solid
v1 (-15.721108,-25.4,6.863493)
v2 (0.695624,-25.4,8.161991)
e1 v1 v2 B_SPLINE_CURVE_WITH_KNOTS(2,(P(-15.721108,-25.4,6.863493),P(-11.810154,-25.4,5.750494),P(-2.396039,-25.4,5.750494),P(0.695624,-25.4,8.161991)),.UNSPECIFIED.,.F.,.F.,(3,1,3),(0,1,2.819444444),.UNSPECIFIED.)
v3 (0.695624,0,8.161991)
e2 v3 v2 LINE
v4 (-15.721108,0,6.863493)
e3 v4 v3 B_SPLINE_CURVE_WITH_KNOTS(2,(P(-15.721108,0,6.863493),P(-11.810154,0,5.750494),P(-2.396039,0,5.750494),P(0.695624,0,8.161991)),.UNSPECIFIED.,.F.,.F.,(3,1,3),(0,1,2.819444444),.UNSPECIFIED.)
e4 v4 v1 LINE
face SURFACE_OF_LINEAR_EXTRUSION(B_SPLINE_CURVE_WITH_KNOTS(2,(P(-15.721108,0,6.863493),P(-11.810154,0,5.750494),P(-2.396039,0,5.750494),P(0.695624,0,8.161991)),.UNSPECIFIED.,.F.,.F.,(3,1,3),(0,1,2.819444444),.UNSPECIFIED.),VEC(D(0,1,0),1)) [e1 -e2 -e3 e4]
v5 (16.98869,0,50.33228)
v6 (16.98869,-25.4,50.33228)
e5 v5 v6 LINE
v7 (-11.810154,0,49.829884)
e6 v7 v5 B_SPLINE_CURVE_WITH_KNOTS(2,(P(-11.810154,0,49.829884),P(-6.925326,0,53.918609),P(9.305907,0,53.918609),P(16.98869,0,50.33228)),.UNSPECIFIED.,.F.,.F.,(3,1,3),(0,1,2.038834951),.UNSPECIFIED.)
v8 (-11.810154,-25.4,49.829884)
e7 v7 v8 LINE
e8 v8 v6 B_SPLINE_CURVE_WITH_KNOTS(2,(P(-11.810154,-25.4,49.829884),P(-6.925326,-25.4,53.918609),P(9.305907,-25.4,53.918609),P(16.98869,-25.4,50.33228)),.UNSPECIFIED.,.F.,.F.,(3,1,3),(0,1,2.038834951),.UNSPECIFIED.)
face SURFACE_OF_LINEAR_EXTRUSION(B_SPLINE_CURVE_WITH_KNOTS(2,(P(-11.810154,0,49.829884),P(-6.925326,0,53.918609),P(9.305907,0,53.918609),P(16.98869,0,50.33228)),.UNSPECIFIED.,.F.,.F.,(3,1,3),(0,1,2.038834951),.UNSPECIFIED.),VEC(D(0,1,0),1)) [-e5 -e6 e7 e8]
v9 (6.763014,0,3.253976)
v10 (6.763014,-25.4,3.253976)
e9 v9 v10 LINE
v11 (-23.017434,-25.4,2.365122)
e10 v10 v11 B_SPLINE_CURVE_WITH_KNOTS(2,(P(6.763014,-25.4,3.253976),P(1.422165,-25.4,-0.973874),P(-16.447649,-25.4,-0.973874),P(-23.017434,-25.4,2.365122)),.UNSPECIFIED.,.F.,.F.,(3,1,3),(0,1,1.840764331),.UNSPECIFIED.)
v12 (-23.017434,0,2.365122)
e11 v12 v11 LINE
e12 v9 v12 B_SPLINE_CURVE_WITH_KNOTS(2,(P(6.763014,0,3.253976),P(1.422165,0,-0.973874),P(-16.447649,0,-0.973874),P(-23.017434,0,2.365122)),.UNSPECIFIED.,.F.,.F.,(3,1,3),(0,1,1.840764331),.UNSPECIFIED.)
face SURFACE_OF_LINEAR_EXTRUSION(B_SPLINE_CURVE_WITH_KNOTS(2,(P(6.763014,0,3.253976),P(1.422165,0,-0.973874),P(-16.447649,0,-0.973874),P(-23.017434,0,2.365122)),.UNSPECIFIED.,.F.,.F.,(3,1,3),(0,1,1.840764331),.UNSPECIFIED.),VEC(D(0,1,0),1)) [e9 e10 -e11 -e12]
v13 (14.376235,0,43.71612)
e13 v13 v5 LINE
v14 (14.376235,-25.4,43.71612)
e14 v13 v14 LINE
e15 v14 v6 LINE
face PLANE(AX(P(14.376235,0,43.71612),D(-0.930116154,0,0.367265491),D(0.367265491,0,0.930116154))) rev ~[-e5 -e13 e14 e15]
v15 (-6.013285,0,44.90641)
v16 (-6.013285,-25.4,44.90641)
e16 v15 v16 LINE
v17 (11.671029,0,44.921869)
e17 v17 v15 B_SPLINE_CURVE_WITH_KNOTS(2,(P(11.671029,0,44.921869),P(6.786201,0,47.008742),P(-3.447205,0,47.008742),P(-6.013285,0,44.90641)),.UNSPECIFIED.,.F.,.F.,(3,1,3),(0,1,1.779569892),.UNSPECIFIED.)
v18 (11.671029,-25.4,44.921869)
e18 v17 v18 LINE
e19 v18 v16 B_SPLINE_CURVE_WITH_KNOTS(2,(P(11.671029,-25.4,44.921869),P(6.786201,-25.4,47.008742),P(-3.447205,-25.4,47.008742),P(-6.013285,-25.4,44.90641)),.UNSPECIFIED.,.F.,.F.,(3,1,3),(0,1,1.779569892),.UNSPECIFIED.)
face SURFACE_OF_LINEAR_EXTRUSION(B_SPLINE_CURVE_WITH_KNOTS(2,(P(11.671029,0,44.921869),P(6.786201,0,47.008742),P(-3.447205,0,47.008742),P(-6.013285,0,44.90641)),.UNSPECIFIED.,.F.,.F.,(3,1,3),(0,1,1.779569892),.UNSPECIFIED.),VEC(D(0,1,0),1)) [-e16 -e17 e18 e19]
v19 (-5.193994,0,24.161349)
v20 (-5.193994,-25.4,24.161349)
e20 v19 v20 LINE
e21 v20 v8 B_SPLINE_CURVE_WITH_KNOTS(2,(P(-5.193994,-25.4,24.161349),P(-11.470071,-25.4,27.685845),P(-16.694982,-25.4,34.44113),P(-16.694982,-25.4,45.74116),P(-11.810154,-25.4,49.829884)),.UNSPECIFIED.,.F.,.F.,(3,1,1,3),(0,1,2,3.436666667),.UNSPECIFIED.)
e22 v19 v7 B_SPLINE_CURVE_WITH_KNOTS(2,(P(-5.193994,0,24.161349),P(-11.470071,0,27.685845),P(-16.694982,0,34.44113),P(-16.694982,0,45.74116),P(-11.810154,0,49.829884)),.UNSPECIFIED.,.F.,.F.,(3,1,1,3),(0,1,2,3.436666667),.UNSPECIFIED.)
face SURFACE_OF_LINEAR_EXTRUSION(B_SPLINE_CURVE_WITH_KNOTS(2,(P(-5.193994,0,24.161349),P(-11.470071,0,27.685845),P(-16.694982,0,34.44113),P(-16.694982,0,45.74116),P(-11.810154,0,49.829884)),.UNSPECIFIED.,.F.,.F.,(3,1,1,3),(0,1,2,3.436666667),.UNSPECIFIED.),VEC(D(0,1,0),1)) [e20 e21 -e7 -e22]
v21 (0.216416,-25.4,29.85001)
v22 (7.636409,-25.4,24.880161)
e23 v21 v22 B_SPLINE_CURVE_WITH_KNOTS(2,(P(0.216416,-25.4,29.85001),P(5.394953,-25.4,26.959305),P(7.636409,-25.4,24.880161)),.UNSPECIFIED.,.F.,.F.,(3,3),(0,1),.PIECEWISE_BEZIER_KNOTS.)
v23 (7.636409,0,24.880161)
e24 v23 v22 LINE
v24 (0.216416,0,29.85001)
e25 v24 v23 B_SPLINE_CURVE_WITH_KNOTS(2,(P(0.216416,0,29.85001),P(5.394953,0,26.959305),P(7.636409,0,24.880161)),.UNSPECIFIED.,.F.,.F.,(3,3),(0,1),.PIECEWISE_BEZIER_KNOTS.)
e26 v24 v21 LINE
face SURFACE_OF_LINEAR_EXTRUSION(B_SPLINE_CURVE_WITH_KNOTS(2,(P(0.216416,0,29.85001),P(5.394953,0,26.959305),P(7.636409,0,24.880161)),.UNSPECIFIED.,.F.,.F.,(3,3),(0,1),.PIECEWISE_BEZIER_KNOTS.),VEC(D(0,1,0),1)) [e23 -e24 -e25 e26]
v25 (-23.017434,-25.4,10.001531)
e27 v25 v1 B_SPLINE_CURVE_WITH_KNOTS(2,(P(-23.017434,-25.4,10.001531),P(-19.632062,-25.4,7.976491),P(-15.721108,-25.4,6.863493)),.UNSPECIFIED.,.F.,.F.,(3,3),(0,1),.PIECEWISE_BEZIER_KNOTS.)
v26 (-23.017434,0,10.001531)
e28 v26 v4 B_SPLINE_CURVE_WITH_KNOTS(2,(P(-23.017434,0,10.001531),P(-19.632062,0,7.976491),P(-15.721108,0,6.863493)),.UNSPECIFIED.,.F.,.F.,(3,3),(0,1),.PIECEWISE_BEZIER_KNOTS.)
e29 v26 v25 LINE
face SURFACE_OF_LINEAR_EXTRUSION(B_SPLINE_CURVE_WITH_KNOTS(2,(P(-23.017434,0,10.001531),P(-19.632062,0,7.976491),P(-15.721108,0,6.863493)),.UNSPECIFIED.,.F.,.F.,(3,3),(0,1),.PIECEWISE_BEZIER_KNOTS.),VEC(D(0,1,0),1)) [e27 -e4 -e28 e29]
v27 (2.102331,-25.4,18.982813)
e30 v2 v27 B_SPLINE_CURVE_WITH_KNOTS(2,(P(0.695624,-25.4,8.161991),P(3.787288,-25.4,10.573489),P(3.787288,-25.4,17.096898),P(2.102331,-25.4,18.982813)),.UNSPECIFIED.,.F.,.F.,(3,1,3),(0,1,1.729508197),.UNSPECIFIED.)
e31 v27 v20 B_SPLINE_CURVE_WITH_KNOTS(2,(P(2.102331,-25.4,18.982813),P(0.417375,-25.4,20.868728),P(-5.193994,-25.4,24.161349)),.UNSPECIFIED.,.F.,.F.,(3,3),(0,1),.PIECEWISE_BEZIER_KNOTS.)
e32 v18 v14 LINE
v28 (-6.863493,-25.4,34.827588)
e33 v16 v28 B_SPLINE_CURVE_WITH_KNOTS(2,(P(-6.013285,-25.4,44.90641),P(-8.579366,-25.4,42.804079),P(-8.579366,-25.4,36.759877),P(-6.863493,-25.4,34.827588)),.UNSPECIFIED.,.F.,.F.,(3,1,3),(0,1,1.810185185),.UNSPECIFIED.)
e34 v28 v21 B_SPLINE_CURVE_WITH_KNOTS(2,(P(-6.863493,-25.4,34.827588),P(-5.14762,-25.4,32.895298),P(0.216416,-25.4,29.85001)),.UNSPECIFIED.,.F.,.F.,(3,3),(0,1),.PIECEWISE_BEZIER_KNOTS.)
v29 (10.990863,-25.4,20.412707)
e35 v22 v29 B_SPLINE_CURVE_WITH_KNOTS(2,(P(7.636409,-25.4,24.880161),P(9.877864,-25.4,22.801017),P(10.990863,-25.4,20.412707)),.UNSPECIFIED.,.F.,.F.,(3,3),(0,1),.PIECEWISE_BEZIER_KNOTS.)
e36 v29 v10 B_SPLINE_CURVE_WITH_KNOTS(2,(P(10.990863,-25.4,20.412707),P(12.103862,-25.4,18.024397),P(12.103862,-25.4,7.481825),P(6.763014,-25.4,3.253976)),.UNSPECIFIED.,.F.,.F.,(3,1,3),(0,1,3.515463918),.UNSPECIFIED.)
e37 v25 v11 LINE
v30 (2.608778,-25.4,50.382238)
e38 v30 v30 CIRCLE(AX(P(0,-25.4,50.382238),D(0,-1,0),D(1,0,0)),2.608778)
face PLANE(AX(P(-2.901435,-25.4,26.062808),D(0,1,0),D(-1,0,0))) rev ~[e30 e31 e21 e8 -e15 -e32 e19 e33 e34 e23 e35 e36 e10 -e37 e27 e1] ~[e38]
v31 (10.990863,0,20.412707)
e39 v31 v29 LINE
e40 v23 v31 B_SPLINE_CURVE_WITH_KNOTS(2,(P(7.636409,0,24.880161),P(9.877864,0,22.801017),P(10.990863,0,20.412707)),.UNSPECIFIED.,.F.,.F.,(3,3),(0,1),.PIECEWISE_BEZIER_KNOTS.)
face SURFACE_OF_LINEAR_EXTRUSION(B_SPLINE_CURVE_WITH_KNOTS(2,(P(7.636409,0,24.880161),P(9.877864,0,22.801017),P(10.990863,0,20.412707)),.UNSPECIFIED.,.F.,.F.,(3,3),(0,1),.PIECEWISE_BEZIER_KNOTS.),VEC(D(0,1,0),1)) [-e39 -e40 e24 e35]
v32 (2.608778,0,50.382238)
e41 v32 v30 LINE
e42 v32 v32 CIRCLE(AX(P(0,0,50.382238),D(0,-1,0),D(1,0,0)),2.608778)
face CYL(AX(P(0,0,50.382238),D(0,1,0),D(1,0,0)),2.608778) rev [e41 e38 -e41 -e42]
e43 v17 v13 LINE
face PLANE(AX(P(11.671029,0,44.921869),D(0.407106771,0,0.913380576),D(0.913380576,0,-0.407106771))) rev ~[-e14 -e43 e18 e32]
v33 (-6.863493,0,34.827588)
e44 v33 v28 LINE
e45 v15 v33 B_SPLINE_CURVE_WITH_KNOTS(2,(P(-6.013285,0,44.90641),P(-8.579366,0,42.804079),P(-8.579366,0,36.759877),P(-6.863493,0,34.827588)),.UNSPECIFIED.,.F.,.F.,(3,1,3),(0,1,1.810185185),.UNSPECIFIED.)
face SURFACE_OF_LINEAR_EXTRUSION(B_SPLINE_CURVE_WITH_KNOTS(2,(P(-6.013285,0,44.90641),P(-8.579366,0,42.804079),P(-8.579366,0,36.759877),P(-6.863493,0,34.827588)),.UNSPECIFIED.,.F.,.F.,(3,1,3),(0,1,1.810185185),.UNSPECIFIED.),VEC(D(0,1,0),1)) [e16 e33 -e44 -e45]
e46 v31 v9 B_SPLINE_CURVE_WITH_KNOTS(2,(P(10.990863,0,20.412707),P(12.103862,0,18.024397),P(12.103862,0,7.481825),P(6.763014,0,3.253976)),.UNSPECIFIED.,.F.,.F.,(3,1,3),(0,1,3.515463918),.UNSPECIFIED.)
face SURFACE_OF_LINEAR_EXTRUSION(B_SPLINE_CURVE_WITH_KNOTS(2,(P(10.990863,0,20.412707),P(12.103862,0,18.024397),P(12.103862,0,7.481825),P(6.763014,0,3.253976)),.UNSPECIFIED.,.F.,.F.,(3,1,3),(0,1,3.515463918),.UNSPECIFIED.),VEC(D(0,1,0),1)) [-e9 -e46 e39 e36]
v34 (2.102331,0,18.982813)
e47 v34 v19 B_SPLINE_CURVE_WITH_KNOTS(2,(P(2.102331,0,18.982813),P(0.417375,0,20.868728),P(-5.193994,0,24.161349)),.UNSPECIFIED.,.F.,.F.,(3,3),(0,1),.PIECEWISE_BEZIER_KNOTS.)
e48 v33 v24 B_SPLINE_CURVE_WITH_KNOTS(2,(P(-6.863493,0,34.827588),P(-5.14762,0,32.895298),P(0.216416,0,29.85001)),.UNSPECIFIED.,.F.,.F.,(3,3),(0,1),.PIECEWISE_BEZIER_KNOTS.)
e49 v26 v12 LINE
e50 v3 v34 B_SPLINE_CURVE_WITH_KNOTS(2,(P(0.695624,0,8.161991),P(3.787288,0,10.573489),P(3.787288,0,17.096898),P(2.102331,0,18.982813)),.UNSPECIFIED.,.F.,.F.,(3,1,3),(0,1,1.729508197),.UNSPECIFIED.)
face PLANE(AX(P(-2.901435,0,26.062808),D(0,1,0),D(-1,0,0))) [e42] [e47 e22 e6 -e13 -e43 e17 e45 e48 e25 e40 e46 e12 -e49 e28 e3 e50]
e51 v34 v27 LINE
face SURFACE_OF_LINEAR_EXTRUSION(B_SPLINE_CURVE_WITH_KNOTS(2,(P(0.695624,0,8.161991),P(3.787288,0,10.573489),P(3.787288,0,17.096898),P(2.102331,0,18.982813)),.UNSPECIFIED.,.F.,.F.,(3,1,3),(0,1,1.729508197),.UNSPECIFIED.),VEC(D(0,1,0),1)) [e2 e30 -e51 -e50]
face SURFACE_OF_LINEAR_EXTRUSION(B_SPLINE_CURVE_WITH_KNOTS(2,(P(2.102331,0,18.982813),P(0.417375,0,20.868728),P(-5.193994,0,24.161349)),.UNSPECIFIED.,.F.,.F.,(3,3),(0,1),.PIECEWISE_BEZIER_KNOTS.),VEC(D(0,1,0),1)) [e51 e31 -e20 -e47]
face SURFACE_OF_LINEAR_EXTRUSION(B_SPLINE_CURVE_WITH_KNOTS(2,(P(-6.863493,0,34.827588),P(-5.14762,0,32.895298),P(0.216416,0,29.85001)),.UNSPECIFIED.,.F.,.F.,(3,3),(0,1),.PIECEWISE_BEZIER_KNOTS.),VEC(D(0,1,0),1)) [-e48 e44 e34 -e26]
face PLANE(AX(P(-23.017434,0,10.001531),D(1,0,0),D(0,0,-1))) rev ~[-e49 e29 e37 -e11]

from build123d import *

# Parameters (mm, degrees)
F0_R     = 2.6087780621
F1_DEPTH = 25.4


with BuildPart() as f1:
    # F0 (on Front) → F1 (new body)
    with BuildSketch(Plane.XZ):
        with BuildLine():
            add(Edge.make_bspline(
                [(12.1038620855, 15.0254839682), (12.1038620855, 7.4818253504), (6.7630136174, 3.2539756948)],
                knots=[0, 0, 0, 1, 1, 1], degree=2))
            add(Edge.make_bspline(
                [(10.990863273, 20.4127073868), (12.1038620855, 18.0243974351), (12.1038620855, 15.0254839682)],
                knots=[0, 0, 0, 1, 1, 1], degree=2))
            add(Edge.make_bspline(
                [(7.6364085188, 24.8801609535), (9.8778644606, 22.8010173386), (10.990863273, 20.4127073868)],
                knots=[0, 0, 0, 1, 1, 1], degree=2))
            add(Edge.make_bspline(
                [(0.2164164358, 29.8500098175), (5.3949525771, 26.9593045685), (7.6364085188, 24.8801609535)],
                knots=[0, 0, 0, 1, 1, 1], degree=2))
            add(Edge.make_bspline(
                [(-6.8634926768, 34.8275878399), (-5.1476195076, 32.8952982349), (0.2164164358, 29.8500098175)],
                knots=[0, 0, 0, 1, 1, 1], degree=2))
            add(Edge.make_bspline(
                [(-8.579365846, 39.4650828918), (-8.579365846, 36.7598774448), (-6.8634926768, 34.8275878399)],
                knots=[0, 0, 0, 1, 1, 1], degree=2))
            add(Edge.make_bspline(
                [(-6.0132852506, 44.9064104194), (-8.579365846, 42.8040793292), (-8.579365846, 39.4650828918)],
                knots=[0, 0, 0, 1, 1, 1], degree=2))
            add(Edge.make_bspline(
                [(1.0357072283, 47.0087415096), (-3.4472046553, 47.0087415096), (-6.0132852506, 44.9064104194)],
                knots=[0, 0, 0, 1, 1, 1], degree=2))
            add(Edge.make_bspline(
                [(11.671029214, 44.9218687362), (6.7862010926, 47.0087415096), (1.0357072283, 47.0087415096)],
                knots=[0, 0, 0, 1, 1, 1], degree=2))
            Line((11.671029214, 44.9218687362), (14.3762346609, 43.7161200227))
            Line((14.3762346609, 43.7161200227), (16.9886902068, 50.3322796301))
            add(Edge.make_bspline(
                [(1.0357072283, 53.9186091369), (9.3059067375, 53.9186091369), (16.9886902068, 50.3322796301)],
                knots=[0, 0, 0, 1, 1, 1], degree=2))
            add(Edge.make_bspline(
                [(-11.8101540655, 49.8298843328), (-6.9253259442, 53.9186091369), (1.0357072283, 53.9186091369)],
                knots=[0, 0, 0, 1, 1, 1], degree=2))
            add(Edge.make_bspline(
                [(-16.6949821869, 39.0786249708), (-16.6949821869, 45.7411595287), (-11.8101540655, 49.8298843328)],
                knots=[0, 0, 0, 1, 1, 1], degree=2))
            add(Edge.make_bspline(
                [(-14.082526641, 31.0634876894), (-16.6949821869, 34.4411299189), (-16.6949821869, 39.0786249708)],
                knots=[0, 0, 0, 1, 1, 1], degree=2))
            add(Edge.make_bspline(
                [(-5.1939944581, 24.1613492205), (-11.4700710951, 27.6858454599), (-14.082526641, 31.0634876894)],
                knots=[0, 0, 0, 1, 1, 1], degree=2))
            add(Edge.make_bspline(
                [(2.1023310902, 18.9828130792), (0.4173745547, 20.8687277336), (-5.1939944581, 24.1613492205)],
                knots=[0, 0, 0, 1, 1, 1], degree=2))
            add(Edge.make_bspline(
                [(3.7872876257, 14.3453180273), (3.7872876257, 17.0968984247), (2.1023310902, 18.9828130792)],
                knots=[0, 0, 0, 1, 1, 1], degree=2))
            add(Edge.make_bspline(
                [(0.6956242578, 8.1619912914), (3.7872876257, 10.5734887184), (3.7872876257, 14.3453180273)],
                knots=[0, 0, 0, 1, 1, 1], degree=2))
            add(Edge.make_bspline(
                [(-8.4711576282, 5.7504938644), (-2.3960391102, 5.7504938644), (0.6956242578, 8.1619912914)],
                knots=[0, 0, 0, 1, 1, 1], degree=2))
            add(Edge.make_bspline(
                [(-15.721108226, 6.8634926768), (-11.8101540655, 5.7504938644), (-8.4711576282, 5.7504938644)],
                knots=[0, 0, 0, 1, 1, 1], degree=2))
            add(Edge.make_bspline(
                [(-23.0174337743, 10.0015309953), (-19.6320623864, 7.9764914893), (-15.721108226, 6.8634926768)],
                knots=[0, 0, 0, 1, 1, 1], degree=2))
            Line((-23.0174337743, 10.0015309953), (-23.0174337743, 2.3651224765))
            add(Edge.make_bspline(
                [(-8.2856578261, -0.9738739609), (-16.4476491175, -0.9738739609), (-23.0174337743, 2.3651224765)],
                knots=[0, 0, 0, 1, 1, 1], degree=2))
            add(Edge.make_bspline(
                [(6.7630136174, 3.2539756948), (1.4221651493, -0.9738739609), (-8.2856578261, -0.9738739609)],
                knots=[0, 0, 0, 1, 1, 1], degree=2))
        make_face()
        with Locations((0, 50.3822378814)):
            Circle(F0_R, mode=Mode.SUBTRACT)
    extrude(amount=F1_DEPTH)


solid = f1.part
